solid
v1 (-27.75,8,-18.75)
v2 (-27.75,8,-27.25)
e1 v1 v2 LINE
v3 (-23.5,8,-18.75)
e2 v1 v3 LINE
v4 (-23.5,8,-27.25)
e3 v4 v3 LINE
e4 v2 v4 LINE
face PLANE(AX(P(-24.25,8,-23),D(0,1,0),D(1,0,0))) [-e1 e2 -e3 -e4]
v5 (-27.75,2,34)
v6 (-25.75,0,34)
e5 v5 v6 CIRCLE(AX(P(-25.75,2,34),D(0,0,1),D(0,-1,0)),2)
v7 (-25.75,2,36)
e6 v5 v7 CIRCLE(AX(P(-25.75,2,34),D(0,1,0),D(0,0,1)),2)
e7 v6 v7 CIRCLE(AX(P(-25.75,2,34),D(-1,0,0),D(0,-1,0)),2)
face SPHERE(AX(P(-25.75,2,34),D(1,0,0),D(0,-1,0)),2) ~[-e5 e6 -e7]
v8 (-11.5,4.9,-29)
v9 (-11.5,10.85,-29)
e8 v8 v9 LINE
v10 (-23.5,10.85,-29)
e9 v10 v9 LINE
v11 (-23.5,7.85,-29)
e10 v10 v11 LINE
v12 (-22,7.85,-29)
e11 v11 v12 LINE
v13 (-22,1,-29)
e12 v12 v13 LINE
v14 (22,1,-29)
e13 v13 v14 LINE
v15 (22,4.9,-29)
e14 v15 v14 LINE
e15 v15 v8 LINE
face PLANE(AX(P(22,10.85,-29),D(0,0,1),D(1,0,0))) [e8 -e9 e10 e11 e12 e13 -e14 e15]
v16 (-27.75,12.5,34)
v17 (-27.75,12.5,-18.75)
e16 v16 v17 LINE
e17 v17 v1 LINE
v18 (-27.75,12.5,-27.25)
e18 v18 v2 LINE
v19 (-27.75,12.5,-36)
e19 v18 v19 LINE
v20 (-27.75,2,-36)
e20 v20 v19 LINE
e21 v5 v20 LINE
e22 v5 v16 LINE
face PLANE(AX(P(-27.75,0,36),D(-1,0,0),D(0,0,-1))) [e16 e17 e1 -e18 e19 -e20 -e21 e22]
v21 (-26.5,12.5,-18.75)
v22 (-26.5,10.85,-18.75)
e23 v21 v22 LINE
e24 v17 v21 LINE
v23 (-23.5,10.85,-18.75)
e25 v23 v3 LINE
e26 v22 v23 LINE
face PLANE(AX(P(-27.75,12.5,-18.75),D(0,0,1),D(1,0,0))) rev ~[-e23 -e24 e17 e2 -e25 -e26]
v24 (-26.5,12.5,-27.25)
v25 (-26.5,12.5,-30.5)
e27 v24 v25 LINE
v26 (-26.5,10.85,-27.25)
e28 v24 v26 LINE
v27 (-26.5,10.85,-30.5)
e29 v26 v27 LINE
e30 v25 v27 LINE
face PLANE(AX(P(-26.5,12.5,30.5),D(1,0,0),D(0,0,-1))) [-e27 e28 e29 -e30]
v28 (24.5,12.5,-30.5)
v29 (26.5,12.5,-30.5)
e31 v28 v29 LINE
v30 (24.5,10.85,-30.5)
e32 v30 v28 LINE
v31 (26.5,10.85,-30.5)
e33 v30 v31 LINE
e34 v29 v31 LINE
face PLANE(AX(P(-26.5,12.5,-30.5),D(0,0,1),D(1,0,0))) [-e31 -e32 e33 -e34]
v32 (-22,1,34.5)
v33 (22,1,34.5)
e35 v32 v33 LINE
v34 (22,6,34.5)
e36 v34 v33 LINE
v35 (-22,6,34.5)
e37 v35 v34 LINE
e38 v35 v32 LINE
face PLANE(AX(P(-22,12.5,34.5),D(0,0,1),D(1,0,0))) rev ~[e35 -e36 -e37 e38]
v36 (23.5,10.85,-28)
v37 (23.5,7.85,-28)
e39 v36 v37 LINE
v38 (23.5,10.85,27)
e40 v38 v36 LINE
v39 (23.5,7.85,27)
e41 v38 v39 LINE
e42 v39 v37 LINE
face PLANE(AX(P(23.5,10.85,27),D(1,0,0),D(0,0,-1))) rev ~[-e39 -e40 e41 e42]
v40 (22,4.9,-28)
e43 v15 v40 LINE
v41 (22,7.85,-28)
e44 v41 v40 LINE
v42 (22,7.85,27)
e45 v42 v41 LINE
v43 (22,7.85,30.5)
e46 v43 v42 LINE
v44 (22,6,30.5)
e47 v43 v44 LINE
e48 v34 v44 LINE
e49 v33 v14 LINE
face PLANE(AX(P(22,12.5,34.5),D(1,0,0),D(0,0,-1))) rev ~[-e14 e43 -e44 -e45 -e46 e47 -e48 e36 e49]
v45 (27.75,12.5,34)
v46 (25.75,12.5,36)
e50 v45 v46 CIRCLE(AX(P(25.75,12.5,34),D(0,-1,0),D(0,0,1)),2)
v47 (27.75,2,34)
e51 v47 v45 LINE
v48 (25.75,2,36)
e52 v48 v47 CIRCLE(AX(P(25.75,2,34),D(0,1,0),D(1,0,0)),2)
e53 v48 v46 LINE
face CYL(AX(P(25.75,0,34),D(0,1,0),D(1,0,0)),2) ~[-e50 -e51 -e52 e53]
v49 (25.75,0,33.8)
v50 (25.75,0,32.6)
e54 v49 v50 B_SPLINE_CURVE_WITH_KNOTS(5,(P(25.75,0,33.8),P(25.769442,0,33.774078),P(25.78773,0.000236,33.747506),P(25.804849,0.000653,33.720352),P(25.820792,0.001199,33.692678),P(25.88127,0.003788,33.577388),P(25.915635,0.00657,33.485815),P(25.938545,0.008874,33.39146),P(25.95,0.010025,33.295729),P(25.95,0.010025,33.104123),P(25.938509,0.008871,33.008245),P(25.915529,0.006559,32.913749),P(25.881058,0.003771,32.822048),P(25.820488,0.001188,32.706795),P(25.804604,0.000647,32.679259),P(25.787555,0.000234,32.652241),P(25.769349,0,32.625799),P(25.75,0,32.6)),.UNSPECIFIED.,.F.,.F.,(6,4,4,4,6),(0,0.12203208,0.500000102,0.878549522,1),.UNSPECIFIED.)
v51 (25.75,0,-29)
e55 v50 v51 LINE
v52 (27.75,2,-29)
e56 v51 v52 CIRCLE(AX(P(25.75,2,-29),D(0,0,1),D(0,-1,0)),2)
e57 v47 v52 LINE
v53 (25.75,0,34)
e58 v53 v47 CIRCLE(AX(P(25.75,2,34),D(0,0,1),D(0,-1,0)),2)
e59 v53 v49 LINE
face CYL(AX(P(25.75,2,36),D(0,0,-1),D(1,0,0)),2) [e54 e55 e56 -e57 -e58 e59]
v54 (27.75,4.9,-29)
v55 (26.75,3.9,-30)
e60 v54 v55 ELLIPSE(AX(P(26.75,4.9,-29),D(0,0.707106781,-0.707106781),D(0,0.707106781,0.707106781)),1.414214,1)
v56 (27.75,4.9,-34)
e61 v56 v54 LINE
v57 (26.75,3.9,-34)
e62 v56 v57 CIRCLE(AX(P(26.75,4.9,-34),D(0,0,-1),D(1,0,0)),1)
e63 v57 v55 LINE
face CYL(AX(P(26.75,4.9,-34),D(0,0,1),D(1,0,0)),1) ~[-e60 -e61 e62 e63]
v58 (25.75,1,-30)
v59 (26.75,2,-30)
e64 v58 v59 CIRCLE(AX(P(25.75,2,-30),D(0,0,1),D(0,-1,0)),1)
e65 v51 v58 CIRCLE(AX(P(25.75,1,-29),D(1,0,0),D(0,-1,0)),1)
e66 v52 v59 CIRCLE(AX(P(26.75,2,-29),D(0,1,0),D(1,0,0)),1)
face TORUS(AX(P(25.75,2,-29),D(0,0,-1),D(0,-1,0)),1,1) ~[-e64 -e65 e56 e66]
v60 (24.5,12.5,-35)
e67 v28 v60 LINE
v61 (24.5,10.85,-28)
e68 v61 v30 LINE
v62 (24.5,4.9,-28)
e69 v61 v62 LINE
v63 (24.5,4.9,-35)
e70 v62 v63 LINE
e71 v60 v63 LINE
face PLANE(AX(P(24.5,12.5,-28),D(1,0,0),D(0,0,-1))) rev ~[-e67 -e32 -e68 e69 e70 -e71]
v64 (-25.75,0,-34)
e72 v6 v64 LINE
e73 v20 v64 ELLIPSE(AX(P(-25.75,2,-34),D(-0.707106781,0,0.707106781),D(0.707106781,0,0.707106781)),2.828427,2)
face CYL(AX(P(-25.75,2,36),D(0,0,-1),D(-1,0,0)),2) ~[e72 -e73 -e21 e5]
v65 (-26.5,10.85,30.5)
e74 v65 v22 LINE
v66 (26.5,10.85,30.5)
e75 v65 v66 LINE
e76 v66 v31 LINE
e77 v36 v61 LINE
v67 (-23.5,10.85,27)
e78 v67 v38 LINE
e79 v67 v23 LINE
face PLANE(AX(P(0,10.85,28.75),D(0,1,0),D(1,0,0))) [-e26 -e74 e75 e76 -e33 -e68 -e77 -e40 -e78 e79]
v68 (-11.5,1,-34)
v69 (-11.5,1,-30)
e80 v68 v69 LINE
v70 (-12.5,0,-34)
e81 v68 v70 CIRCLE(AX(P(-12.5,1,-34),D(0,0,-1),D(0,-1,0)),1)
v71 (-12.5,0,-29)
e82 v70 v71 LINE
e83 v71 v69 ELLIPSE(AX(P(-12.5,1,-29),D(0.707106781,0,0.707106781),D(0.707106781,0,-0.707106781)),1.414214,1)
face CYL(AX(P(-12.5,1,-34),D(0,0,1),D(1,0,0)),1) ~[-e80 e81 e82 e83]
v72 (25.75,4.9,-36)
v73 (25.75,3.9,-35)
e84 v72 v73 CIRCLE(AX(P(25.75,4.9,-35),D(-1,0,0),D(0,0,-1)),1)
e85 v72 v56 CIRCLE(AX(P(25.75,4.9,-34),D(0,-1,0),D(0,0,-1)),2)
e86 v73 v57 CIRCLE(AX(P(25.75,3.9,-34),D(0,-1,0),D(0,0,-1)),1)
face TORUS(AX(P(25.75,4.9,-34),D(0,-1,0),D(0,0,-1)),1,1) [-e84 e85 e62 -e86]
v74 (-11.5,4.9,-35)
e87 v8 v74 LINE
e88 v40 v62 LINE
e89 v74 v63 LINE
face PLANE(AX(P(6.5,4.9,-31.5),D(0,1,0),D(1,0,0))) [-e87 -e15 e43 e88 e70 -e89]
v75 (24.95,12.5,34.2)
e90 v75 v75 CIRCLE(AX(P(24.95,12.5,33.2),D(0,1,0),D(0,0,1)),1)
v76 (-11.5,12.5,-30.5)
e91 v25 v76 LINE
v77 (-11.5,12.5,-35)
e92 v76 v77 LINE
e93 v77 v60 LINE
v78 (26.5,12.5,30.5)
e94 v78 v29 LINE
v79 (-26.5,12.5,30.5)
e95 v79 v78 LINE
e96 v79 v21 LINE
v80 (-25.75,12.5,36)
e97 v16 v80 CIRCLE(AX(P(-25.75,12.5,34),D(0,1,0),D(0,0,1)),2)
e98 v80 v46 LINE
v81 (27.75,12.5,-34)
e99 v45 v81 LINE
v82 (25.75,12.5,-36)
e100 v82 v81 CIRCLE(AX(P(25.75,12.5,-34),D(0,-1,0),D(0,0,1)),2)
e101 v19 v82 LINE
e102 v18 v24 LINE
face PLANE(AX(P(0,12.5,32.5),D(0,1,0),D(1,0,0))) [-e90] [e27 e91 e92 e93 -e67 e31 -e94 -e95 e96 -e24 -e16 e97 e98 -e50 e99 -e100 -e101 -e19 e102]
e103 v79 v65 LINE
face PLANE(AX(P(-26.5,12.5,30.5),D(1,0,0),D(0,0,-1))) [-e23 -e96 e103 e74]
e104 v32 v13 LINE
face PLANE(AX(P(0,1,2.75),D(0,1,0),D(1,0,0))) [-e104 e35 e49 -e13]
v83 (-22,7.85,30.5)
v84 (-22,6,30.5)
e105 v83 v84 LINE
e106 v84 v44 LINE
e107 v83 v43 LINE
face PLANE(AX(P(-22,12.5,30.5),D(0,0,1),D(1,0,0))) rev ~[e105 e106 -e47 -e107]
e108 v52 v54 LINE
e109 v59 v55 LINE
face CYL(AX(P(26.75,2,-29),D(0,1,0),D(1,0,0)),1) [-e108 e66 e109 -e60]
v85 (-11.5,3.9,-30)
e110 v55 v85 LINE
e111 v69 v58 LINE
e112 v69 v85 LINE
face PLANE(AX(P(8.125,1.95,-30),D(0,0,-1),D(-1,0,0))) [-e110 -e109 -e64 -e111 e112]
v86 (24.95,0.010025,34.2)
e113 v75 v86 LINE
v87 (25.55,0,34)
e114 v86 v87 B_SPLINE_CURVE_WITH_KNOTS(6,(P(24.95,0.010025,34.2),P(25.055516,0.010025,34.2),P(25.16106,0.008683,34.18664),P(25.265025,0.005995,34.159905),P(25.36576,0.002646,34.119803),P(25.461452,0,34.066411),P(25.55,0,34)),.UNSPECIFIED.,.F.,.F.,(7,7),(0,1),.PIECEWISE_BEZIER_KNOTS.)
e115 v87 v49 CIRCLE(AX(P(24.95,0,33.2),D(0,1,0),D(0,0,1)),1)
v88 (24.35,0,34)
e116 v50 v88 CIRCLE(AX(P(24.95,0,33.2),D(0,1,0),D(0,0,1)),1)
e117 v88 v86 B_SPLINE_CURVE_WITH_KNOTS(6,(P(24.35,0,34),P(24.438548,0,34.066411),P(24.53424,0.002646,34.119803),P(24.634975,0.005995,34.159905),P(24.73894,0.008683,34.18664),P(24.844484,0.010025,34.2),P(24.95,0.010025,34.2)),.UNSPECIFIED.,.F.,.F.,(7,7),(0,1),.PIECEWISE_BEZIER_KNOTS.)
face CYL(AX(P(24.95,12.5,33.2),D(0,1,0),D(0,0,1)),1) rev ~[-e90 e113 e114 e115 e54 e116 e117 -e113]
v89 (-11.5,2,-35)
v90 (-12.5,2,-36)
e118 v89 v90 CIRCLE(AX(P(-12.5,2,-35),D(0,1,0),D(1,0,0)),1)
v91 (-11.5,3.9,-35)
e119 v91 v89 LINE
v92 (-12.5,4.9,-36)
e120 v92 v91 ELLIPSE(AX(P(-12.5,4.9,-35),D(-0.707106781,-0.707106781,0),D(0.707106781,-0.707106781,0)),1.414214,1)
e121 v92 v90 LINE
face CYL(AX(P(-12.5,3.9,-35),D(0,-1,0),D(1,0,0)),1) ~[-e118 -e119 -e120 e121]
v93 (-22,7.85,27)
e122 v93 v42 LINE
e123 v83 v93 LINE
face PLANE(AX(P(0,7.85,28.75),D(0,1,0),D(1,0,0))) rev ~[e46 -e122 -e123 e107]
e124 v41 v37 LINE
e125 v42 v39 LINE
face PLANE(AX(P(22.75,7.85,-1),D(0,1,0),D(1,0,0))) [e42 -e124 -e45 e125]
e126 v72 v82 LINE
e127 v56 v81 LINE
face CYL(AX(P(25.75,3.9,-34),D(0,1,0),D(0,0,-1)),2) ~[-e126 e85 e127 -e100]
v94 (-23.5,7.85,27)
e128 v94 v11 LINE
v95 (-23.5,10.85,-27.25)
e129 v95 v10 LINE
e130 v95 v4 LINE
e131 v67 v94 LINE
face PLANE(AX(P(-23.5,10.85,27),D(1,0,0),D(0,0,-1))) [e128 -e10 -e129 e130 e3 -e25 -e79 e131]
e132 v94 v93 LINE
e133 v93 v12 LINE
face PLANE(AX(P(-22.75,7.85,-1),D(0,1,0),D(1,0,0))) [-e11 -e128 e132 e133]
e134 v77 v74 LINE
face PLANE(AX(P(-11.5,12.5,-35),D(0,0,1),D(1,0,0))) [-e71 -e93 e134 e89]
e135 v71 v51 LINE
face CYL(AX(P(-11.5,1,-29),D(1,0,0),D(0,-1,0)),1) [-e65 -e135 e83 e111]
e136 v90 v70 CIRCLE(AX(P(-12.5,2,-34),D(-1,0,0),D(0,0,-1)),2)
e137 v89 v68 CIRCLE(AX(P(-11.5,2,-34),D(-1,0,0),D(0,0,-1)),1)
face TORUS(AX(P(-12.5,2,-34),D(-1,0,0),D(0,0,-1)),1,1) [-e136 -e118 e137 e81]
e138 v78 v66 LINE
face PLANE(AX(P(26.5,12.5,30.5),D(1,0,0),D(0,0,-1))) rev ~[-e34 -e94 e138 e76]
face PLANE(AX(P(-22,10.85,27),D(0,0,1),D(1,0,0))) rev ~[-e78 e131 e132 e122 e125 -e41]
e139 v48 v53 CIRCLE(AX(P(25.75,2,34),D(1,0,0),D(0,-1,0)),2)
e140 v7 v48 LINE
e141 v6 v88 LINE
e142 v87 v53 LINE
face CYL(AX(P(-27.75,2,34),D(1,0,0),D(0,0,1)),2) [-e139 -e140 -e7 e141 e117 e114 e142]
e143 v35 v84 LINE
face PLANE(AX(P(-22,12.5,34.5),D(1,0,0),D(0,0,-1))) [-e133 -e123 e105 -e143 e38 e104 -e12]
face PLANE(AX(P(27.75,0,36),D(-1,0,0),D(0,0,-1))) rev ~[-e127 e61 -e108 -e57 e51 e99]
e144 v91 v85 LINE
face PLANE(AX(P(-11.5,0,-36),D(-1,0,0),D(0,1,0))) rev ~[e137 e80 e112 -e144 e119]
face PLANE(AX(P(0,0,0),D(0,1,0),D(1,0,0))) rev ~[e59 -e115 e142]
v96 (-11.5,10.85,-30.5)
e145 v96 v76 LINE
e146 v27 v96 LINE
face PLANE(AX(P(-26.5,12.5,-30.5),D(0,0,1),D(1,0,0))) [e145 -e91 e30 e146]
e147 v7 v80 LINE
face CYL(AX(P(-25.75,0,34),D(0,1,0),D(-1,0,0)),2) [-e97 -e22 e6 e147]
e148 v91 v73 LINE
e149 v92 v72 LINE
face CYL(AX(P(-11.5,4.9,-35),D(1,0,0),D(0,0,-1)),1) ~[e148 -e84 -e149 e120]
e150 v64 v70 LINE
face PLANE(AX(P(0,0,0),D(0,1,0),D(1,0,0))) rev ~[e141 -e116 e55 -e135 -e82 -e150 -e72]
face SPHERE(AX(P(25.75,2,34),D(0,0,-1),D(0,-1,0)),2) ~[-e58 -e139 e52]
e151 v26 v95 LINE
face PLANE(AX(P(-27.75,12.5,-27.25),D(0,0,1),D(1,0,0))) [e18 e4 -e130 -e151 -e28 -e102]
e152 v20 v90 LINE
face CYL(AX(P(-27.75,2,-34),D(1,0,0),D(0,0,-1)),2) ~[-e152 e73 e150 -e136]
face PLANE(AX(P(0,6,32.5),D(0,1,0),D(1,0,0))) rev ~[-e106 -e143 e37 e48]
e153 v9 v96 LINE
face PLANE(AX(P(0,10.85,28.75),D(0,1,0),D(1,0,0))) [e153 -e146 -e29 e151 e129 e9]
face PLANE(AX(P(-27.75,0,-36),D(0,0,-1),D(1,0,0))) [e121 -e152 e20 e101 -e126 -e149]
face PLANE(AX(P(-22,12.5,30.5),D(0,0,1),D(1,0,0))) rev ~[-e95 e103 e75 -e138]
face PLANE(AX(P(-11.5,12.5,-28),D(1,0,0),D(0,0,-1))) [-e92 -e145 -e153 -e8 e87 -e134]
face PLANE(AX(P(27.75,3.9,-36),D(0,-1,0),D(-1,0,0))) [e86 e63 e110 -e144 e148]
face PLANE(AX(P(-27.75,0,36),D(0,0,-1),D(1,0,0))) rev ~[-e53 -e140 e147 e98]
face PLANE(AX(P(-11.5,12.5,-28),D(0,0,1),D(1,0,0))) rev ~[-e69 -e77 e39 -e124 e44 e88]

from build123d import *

# Parameters (mm, degrees)
SKETCH1_W           = 55.5
SKETCH1_H           = 72
BOSS_EXTRUDE1_DEPTH = 12.5
SKETCH2_W           = 53
SKETCH2_H           = 61
CUT_EXTRUDE1_DEPTH  = 1.65
SKETCH3_W           = 44
SKETCH3_H           = 63.5
CUT_EXTRUDE2_DEPTH  = 11.5
SKETCH4_W           = 44
SKETCH4_H           = 4
BOSS_EXTRUDE2_DEPTH = 6.5
SKETCH5_W           = 44
SKETCH5_H           = 3.5
BOSS_EXTRUDE3_DEPTH = 3
SKETCH6_W           = 1.5
SKETCH6_H           = 56
CUT_EXTRUDE3_DEPTH  = 3
SKETCH7_W           = 7
SKETCH7_H           = 8.5
CUT_EXTRUDE4_DEPTH  = 4.5
SKETCH8_W           = 36
SKETCH8_H           = 7
CUT_EXTRUDE5_DEPTH  = 7.6
SKETCH9_W           = 39.25
SKETCH9_H           = 3.9
CUT_EXTRUDE6_DEPTH  = 6
FILLET2_R           = 2
FILLET3_R           = 1
SKETCH10_R          = 1
CUT_EXTRUDE7_DEPTH  = 48.14140961


with BuildPart() as part:
    # Sketch1 → Boss-Extrude1 (new body)
    with BuildSketch(Plane(origin=(0, 0, 0), x_dir=(1, 0, 0), z_dir=(0, 1, 0))):
        Rectangle(SKETCH1_W, SKETCH1_H)
    extrude(amount=BOSS_EXTRUDE1_DEPTH)

    # Sketch2 → Cut-Extrude1 (cut)
    with BuildSketch(Plane(origin=(0, 12.5, 0), x_dir=(1, 0, 0), z_dir=(0, 1, 0))):
        Rectangle(SKETCH2_W, SKETCH2_H)
    extrude(amount=-CUT_EXTRUDE1_DEPTH, mode=Mode.SUBTRACT)

    # Sketch3 → Cut-Extrude2 (cut)
    with BuildSketch(Plane(origin=(0, 12.5, 0), x_dir=(1, 0, 0), z_dir=(0, 1, 0))):
        with Locations((0, -2.75)):
            Rectangle(SKETCH3_W, SKETCH3_H)
    extrude(amount=-CUT_EXTRUDE2_DEPTH, mode=Mode.SUBTRACT)

    # Sketch4 → Boss-Extrude2 (add)
    with BuildSketch(Plane(origin=(0, 12.5, 0), x_dir=(1, 0, 0), z_dir=(0, 1, 0))):
        with Locations((0, -32.5)):
            Rectangle(SKETCH4_W, SKETCH4_H)
    extrude(amount=-BOSS_EXTRUDE2_DEPTH)

    # Sketch5 → Boss-Extrude3 (add)
    with BuildSketch(Plane(origin=(0, 10.85, 0), x_dir=(1, 0, 0), z_dir=(0, 1, 0))):
        with Locations((0, -28.75)):
            Rectangle(SKETCH5_W, SKETCH5_H)
    extrude(amount=-BOSS_EXTRUDE3_DEPTH)

    # Sketch6 → Cut-Extrude3 (cut)
    with BuildSketch(Plane(origin=(0, 10.85, 0), x_dir=(1, 0, 0), z_dir=(0, 1, 0))):
        with Locations((22.75, 1)):
            Rectangle(SKETCH6_W, SKETCH6_H)
        with Locations((-22.75, 1)):
            Rectangle(SKETCH6_W, SKETCH6_H)
    extrude(amount=-CUT_EXTRUDE3_DEPTH, mode=Mode.SUBTRACT)

    # Sketch7 → Cut-Extrude4 (cut)
    with BuildSketch(Plane(origin=(0, 12.5, 0), x_dir=(1, 0, 0), z_dir=(0, 1, 0))):
        with Locations((-24.25, 23)):
            Rectangle(SKETCH7_W, SKETCH7_H)
    extrude(amount=-CUT_EXTRUDE4_DEPTH, mode=Mode.SUBTRACT)

    # Sketch8 → Cut-Extrude5 (cut)
    with BuildSketch(Plane(origin=(0, 12.5, 0), x_dir=(1, 0, 0), z_dir=(0, 1, 0))):
        with Locations((6.5, 31.5)):
            Rectangle(SKETCH8_W, SKETCH8_H)
    extrude(amount=-CUT_EXTRUDE5_DEPTH, mode=Mode.SUBTRACT)

    # Sketch9 → Cut-Extrude6 (cut)
    with BuildSketch(Plane(origin=(0, 0, -36), x_dir=(-1, 0, 0), z_dir=(0, 0, -1))):
        with Locations((-8.125, 1.95)):
            Rectangle(SKETCH9_W, SKETCH9_H)
    extrude(amount=-CUT_EXTRUDE6_DEPTH, mode=Mode.SUBTRACT)

    # Fillet2
    fillet2_edges = [part.edges().sort_by_distance(p)[0] for p in [
        (-19.625, 0, -36),
        (27.75, 0, 3),
        (0, 0, 36),
        (-27.75, 0, 0),
        (27.75, 8.2, -36),
        (27.75, 6.25, 36),
        (-27.75, 6.25, 36),
    ]]
    fillet(fillet2_edges, radius=FILLET2_R)

    # Fillet3
    fillet3_edges = [part.edges().sort_by_distance(p)[0] for p in [
        (27.75, 2.95, -30),
        (27.75, 3.9, -32),
        (-11.5, 0, -32),
        (7.125, 3.9, -36),
        (-11.5, 2.95, -36),
        (7.125, 0, -30),
        (-11.5, 0.585786438, -35.414213562),
        (27.164213562, 0.585786438, -30),
        (27.164213562, 3.9, -35.414213562),
    ]]
    fillet(fillet3_edges, radius=FILLET3_R)

    # Sketch10 → Cut-Extrude7 (cut, through all)
    with BuildSketch(Plane(origin=(0, 12.5, 0), x_dir=(1, 0, 0), z_dir=(0, 1, 0))):
        with Locations(Location((24.95, -33.2, 0), (0, 0, 270))):
            Circle(SKETCH10_R)
    extrude(amount=-CUT_EXTRUDE7_DEPTH, mode=Mode.SUBTRACT)


solid = part.part
